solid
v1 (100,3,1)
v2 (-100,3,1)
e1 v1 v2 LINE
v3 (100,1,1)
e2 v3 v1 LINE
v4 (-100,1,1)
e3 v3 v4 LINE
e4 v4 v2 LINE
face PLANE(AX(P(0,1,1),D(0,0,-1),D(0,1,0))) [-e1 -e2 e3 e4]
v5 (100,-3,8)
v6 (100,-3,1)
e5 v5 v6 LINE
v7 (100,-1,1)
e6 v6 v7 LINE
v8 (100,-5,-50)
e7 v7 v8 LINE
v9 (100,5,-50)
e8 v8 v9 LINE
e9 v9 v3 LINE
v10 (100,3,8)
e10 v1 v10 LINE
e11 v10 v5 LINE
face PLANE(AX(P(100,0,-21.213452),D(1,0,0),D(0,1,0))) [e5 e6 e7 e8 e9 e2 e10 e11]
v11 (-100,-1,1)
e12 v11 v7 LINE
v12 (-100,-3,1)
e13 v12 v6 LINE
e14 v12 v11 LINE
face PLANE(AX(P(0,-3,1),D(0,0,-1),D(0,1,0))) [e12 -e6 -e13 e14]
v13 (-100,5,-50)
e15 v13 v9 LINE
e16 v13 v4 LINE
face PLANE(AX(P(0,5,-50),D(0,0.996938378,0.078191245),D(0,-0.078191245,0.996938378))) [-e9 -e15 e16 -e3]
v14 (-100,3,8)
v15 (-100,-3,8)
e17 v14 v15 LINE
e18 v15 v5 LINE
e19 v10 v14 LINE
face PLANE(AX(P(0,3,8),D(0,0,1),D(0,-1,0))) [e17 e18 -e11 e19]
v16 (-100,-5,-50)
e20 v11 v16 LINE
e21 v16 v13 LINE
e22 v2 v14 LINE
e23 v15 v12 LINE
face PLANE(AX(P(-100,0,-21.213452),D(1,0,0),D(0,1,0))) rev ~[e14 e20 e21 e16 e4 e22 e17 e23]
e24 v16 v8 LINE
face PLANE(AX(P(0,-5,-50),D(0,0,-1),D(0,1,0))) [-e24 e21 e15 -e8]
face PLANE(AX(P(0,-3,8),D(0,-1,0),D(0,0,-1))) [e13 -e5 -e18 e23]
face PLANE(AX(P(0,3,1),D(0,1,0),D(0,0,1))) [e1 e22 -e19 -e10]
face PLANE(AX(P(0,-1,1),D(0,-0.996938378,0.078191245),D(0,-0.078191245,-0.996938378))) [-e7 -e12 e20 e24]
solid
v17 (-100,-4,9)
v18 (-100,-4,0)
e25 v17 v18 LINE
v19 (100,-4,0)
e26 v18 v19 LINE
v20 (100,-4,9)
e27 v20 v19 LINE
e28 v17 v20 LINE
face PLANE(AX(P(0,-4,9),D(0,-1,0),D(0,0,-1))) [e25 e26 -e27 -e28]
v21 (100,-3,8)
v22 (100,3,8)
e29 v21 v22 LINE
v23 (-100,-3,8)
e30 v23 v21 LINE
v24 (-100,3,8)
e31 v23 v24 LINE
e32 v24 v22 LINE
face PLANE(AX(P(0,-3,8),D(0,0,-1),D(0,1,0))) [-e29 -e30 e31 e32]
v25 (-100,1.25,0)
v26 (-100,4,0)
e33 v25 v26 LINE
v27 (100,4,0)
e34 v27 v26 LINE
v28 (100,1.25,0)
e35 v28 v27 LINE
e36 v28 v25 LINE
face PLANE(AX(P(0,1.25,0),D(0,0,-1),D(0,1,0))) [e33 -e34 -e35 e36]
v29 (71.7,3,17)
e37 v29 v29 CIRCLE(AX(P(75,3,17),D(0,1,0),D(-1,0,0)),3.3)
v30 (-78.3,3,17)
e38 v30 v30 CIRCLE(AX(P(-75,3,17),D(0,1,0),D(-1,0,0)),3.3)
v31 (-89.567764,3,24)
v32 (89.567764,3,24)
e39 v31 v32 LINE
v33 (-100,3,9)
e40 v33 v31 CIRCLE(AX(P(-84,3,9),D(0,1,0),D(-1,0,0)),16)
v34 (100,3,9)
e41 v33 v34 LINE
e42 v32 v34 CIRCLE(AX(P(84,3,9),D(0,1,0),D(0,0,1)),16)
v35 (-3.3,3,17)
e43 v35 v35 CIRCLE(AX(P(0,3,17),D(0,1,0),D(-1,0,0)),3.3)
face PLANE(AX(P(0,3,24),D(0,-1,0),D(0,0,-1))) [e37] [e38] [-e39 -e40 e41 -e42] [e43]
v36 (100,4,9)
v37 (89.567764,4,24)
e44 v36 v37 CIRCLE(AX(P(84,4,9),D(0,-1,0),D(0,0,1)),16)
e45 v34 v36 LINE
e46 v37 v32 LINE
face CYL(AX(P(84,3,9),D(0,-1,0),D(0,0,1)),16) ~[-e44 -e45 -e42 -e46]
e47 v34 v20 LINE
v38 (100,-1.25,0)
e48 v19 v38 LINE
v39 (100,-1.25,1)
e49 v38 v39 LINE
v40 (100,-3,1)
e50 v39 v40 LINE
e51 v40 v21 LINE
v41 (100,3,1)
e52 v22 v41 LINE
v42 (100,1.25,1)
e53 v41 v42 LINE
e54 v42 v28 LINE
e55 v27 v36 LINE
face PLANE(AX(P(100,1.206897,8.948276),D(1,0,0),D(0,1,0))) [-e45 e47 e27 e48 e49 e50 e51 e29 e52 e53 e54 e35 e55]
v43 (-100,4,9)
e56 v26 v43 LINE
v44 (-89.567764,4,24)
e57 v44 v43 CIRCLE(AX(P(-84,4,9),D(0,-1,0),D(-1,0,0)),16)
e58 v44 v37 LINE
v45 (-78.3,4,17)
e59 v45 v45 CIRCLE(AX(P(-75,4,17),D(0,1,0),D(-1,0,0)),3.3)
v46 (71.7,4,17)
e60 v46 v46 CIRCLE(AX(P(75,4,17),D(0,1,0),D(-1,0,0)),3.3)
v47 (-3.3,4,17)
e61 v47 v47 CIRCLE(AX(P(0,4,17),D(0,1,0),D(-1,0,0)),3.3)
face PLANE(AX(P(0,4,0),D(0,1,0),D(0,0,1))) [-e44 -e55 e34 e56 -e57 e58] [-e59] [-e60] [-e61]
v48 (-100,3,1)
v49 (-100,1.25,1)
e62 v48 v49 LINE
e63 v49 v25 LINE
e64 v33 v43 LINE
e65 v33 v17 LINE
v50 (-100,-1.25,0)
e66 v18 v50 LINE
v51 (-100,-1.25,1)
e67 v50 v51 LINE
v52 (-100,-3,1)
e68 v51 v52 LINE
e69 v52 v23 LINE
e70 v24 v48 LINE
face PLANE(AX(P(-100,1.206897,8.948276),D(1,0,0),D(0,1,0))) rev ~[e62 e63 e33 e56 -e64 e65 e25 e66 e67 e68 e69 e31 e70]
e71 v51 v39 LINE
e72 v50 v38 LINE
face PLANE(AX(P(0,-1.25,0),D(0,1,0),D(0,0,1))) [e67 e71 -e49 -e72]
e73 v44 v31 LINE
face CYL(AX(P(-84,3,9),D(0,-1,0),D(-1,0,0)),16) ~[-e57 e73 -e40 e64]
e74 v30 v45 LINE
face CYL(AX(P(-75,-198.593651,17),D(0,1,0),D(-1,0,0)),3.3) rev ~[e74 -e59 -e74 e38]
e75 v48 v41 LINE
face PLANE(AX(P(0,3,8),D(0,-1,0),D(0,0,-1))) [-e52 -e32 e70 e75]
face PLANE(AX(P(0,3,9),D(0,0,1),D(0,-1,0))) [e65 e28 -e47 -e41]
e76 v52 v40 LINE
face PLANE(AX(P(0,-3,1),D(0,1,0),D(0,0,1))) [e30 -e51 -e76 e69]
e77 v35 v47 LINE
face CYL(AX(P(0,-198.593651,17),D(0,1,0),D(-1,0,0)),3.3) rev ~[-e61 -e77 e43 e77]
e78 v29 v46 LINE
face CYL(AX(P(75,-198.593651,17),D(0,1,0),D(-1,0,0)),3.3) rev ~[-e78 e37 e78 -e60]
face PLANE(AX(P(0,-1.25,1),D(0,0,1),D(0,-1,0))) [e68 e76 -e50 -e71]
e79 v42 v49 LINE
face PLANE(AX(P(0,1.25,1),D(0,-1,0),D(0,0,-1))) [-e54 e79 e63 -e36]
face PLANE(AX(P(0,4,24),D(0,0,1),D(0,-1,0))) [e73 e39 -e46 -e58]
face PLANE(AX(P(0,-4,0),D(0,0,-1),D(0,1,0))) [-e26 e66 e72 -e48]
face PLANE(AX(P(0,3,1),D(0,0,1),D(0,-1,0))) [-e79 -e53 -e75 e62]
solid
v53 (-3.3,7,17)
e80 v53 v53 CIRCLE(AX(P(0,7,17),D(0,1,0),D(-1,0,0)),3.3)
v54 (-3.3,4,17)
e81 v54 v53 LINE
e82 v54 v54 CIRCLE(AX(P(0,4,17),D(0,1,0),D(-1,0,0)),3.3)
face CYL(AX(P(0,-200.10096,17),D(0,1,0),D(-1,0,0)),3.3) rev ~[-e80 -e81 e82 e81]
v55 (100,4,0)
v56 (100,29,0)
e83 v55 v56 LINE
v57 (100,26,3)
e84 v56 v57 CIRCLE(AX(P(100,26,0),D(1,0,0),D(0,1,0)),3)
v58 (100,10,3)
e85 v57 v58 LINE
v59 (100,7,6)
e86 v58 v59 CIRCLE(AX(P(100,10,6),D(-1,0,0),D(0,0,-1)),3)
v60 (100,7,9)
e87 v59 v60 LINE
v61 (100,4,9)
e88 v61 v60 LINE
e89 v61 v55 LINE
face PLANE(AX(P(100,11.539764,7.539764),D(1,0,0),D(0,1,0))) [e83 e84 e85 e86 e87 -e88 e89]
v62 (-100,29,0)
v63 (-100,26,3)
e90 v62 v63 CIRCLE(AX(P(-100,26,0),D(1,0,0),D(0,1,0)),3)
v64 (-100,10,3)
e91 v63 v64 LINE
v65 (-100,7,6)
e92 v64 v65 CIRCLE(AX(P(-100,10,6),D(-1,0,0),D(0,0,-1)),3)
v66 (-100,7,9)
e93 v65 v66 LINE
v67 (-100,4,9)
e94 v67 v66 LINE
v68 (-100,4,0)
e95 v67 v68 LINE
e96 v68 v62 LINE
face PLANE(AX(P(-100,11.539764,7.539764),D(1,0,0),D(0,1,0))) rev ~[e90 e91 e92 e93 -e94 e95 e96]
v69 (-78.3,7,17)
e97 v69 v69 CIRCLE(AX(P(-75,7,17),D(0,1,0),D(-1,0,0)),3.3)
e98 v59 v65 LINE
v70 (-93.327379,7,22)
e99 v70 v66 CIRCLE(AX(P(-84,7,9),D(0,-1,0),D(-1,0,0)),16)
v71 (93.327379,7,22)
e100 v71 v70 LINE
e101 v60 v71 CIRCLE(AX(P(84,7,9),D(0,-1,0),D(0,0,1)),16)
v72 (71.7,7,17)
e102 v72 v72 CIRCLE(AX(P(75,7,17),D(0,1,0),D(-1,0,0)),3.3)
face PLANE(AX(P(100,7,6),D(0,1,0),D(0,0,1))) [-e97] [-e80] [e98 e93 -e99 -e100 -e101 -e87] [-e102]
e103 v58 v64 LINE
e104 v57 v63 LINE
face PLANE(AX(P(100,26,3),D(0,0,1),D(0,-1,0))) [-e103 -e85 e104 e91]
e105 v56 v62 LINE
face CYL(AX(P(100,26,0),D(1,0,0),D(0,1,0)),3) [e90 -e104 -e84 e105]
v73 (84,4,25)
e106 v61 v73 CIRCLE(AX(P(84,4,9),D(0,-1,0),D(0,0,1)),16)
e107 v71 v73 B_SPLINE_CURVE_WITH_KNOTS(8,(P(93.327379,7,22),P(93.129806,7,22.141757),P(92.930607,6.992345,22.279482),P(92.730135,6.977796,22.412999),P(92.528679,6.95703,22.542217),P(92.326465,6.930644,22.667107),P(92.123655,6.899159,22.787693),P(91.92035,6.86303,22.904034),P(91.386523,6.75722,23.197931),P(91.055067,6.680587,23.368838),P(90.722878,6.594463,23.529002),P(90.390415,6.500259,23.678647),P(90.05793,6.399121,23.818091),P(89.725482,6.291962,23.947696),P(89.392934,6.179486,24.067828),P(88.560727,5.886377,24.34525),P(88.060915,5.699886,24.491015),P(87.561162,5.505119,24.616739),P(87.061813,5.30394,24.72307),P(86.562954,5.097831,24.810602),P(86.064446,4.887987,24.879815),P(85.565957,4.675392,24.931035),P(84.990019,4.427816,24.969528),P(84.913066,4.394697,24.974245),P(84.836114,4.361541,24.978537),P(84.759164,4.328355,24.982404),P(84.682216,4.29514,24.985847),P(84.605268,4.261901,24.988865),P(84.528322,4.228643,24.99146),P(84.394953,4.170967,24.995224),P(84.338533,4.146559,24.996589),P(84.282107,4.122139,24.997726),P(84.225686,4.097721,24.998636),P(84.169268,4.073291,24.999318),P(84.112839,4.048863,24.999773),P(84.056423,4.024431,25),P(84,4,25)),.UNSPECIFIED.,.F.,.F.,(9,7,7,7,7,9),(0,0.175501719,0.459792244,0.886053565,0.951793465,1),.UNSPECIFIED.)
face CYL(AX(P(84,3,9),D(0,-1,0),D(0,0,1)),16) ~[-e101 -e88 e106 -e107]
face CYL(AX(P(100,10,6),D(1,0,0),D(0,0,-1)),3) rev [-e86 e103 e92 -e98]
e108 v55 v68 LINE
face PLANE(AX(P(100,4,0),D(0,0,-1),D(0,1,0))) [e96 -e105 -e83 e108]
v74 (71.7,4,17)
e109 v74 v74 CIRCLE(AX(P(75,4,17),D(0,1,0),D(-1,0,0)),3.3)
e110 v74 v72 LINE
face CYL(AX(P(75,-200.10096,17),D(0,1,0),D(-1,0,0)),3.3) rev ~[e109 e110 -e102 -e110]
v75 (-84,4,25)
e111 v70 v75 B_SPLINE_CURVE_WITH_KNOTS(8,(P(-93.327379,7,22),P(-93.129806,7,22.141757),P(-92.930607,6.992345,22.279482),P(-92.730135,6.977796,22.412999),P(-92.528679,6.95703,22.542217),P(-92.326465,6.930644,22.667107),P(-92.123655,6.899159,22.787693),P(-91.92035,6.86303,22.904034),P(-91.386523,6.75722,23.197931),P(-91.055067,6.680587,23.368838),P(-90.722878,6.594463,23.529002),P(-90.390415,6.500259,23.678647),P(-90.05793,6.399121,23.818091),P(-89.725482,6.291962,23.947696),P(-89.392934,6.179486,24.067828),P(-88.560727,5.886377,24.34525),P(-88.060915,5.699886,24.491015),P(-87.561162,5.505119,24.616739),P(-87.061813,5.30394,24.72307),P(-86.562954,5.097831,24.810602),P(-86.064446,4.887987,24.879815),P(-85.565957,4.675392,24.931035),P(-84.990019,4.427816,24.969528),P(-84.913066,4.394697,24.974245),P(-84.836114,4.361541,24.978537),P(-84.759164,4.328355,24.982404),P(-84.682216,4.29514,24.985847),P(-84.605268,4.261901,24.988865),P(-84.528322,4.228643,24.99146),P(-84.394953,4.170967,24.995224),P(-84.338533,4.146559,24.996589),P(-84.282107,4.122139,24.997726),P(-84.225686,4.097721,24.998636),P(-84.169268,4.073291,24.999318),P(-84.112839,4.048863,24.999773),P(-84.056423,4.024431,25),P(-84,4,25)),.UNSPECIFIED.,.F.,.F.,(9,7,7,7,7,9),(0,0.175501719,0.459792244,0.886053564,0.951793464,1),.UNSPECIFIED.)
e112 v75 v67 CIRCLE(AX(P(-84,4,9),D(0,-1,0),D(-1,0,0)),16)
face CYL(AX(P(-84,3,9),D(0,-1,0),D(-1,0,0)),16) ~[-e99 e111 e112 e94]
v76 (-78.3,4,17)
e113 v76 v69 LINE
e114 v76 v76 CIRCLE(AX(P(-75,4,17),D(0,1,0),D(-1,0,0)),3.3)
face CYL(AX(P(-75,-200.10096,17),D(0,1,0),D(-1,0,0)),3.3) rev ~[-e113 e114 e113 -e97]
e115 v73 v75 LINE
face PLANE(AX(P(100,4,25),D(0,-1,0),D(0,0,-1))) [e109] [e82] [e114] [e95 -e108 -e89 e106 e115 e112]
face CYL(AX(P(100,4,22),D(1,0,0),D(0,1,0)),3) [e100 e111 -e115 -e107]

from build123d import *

# Parameters (mm, degrees)
F1_DEPTH = 100
F3_DEPTH = 100
F5_DEPTH = 200
F7_D     = 6.6
F7_2_D   = 6.6
F9_DEPTH = 26.001


with BuildPart() as f1:
    # F0 (on Right) → F1 (new body, symmetric)
    with BuildSketch(Plane.YZ):
        Polygon((4, 0), (4, 24), (3, 24), (3, 9), (-4, 9), (-4, 0), (-1.25, 0), (-1.25, 1), (-3, 1), (-3, 8), (3, 8), (3, 1), (1.25, 1), (1.25, 0), align=None)
    extrude(amount=F1_DEPTH, both=True)

    # F7 (through all)
    with Locations(Plane.XZ.offset(-3)):
        with Locations((-75, 17), (0, 17), (75, 17)):
            Hole(F7_D / 2)


with BuildPart() as f3:
    # F2 (on Right) → F3 (new body, symmetric)
    with BuildSketch(Plane.YZ):
        Polygon((3, 8), (-3, 8), (-3, 1), (-1, 1), (-5, -50), (5, -50), (1, 1), (3, 1), align=None)
    extrude(amount=F3_DEPTH, both=True)


with BuildPart() as f5:
    # F4 (on face) → F5 (new body, through all)
    with BuildSketch(Plane.YZ.offset(100)):
        with BuildLine():
            ThreePointArc((7, 22), (6.1213203436, 24.1213203436), (4, 25))
            Line((4, 25), (4, 0))
            Line((4, 0), (29, 0))
            ThreePointArc((29, 0), (28.1213203436, 2.1213203436), (26, 3))
            Line((26, 3), (10, 3))
            ThreePointArc((10, 3), (7.8786796564, 3.8786796564), (7, 6))
            Line((7, 6), (7, 22))
        make_face()
    extrude(amount=-F5_DEPTH)

    # F7#2 (through all)
    with Locations(Plane.XZ.offset(-3)):
        with Locations((-75, 17), (0, 17), (75, 17)):
            Hole(F7_2_D / 2)


with BuildPart() as f9_tool:
    # F8 (on face) → F9 (new body, through all)
    with BuildSketch(Plane.XZ.offset(-3)):
        with BuildLine():
            ThreePointArc((-100, 9), (-95.313708499, 20.313708499), (-84, 25))
            Line((-84, 25), (-100, 25))
            Line((-100, 25), (-100, 9))
        make_face()
        with BuildLine():
            Line((100, 25), (84, 25))
            ThreePointArc((84, 25), (95.313708499, 20.313708499), (100, 9))
            Line((100, 9), (100, 25))
        make_face()
    extrude(amount=-F9_DEPTH)


with BuildPart() as f1_1:
    add(f1.part)

    # F9: cut by f9_tool
    add(f9_tool.part, mode=Mode.SUBTRACT)


with BuildPart() as f5_1:
    add(f5.part)

    # F9: cut by f9_tool
    add(f9_tool.part, mode=Mode.SUBTRACT)


solid = Compound([f3.part, f1_1.part, f5_1.part])
